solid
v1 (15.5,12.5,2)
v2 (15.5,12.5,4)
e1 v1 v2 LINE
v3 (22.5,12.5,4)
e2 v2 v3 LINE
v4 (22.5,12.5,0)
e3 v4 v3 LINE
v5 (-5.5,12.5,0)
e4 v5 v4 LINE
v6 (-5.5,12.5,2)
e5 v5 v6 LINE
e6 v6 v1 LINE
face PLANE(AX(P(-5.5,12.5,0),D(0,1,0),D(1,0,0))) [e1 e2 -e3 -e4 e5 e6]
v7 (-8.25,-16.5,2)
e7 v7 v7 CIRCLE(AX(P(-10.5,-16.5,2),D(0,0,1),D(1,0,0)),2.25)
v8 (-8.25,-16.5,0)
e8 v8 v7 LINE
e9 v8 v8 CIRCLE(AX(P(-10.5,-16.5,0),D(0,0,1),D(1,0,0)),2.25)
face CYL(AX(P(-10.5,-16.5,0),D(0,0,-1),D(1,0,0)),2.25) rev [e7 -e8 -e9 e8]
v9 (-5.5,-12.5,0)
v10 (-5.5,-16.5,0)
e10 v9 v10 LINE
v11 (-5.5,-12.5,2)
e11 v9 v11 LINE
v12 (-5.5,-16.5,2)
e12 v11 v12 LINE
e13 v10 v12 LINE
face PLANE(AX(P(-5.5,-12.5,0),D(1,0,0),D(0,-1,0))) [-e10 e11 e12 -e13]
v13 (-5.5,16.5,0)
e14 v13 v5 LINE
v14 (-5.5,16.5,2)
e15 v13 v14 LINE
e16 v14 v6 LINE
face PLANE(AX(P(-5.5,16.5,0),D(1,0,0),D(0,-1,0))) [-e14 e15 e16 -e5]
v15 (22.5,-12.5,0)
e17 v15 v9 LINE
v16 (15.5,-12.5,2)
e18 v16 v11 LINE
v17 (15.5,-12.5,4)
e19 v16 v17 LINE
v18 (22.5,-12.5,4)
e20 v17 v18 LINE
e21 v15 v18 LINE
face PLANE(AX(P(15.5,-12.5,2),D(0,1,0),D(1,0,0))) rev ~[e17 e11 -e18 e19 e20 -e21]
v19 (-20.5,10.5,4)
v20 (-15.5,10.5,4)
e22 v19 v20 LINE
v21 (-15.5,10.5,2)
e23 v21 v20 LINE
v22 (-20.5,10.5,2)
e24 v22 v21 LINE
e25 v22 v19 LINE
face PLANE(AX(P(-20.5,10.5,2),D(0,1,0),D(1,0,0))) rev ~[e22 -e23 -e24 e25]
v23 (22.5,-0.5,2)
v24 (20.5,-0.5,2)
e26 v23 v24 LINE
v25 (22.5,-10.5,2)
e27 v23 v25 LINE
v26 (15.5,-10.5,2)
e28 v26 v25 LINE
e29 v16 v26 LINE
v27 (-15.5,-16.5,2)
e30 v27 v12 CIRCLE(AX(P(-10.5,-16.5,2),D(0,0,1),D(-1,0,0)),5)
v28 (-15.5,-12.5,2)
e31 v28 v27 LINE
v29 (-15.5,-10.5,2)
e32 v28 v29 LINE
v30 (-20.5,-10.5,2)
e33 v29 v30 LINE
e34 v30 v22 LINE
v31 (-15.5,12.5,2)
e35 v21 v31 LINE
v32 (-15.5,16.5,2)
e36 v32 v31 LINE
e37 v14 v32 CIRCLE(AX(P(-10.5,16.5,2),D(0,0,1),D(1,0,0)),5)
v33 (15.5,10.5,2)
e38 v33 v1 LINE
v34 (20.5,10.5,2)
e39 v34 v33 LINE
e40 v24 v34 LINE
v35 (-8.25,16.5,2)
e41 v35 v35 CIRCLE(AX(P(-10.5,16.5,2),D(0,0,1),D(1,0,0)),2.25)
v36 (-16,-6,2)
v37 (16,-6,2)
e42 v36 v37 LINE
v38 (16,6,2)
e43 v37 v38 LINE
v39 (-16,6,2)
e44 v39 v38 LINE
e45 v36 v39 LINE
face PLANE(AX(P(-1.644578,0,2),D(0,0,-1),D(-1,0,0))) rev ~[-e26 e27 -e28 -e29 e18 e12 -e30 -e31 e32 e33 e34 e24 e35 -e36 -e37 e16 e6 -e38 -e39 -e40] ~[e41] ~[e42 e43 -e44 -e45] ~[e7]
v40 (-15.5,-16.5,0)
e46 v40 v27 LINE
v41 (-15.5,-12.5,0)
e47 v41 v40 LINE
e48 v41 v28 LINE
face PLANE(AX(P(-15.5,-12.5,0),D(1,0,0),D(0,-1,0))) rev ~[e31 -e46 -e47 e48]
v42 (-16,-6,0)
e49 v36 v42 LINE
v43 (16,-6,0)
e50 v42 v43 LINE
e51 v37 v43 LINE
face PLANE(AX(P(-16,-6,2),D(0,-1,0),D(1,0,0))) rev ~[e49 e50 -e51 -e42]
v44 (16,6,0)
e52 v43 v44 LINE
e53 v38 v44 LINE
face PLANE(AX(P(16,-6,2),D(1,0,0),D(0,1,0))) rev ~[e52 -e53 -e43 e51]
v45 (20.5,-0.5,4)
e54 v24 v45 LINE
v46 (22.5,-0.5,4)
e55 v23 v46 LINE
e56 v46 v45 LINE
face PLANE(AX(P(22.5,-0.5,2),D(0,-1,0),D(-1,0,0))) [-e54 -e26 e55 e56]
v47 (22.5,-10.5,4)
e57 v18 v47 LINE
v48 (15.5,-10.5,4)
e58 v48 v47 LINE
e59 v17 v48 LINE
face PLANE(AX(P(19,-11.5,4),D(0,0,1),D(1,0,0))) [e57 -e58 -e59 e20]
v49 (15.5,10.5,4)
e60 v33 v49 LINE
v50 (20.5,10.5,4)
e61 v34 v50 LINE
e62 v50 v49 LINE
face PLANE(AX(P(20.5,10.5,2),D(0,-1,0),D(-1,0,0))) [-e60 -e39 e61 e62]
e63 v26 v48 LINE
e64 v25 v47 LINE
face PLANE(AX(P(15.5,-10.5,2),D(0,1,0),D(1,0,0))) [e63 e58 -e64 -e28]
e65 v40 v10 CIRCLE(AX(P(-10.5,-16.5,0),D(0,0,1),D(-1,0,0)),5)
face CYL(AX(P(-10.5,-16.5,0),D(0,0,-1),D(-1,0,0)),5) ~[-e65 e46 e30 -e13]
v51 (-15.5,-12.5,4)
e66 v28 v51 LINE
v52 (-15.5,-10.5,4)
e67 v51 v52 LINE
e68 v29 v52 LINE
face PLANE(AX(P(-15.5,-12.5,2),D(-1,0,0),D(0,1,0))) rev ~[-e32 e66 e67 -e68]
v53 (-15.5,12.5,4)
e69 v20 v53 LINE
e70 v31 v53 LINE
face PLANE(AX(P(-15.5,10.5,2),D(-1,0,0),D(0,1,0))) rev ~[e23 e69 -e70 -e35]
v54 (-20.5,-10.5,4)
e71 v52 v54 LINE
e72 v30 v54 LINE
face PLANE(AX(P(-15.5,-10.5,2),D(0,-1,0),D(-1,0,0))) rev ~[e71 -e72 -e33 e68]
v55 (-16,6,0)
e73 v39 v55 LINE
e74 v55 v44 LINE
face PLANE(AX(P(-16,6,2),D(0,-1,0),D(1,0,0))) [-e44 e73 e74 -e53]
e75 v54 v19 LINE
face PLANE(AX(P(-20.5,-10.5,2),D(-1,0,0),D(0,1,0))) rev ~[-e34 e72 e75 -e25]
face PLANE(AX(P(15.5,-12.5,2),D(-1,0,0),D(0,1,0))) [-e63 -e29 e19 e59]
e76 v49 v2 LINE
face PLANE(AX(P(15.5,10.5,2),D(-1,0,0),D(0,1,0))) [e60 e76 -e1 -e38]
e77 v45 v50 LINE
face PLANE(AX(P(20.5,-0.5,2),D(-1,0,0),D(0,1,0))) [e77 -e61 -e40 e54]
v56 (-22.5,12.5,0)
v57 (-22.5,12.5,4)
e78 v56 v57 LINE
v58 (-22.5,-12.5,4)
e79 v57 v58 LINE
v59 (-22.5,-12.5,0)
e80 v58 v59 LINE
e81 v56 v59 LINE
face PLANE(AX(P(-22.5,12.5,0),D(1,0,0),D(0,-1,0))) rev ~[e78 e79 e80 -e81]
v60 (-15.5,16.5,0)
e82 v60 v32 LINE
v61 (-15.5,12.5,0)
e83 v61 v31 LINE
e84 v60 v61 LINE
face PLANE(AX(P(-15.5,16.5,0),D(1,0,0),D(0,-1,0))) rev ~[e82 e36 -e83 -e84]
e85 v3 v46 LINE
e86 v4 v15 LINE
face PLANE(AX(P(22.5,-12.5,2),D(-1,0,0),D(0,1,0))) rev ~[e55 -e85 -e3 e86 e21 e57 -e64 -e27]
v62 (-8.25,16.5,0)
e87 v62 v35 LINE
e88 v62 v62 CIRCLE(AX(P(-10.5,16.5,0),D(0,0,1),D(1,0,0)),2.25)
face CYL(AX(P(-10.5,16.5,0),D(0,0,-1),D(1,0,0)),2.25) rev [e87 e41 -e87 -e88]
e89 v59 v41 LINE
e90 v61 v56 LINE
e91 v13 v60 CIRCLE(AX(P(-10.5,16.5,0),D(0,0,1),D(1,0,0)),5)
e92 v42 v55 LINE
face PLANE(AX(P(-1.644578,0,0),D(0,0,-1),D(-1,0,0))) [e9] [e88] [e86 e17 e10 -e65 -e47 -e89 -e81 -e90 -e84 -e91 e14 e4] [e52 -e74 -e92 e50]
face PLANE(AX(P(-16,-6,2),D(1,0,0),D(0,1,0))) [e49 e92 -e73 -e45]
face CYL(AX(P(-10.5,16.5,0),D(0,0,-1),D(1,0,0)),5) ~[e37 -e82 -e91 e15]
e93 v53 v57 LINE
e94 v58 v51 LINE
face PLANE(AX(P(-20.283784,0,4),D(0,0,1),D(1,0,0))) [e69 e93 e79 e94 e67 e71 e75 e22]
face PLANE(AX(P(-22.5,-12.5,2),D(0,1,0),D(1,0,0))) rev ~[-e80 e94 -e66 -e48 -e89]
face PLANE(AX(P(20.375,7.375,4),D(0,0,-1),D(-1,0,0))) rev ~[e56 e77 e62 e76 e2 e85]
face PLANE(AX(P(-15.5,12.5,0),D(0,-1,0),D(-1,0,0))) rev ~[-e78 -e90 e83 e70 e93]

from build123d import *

# Parameters (mm, degrees)
SKETCH002_R  = 2.25
PAD002_DEPTH = 2
SKETCH003_W  = 7
SKETCH003_H  = 2
PAD003_DEPTH = 2
SKETCH004_W  = 32
SKETCH004_H  = 12
POCKET_DEPTH = 2


with BuildPart() as part:
    # Sketch002 → Pad002 (new body)
    with BuildSketch(Plane.XY):
        with BuildLine():
            Line((22.5, 12.5), (22.5, -12.5))
            Line((22.5, -12.5), (-5.5, -12.5))
            Line((-5.5, -12.5), (-5.5, -16.5))
            ThreePointArc((-15.5, -16.5), (-10.5, -21.5), (-5.5, -16.5))
            Line((-15.5, -12.5), (-15.5, -16.5))
            Line((-22.5, -12.5), (-15.5, -12.5))
            Line((-22.5, 12.5), (-22.5, -12.5))
            Line((-15.5, 12.5), (-22.5, 12.5))
            Line((-15.5, 16.5), (-15.5, 12.5))
            ThreePointArc((-5.5, 16.5), (-10.5, 21.5), (-15.5, 16.5))
            Line((-5.5, 16.5), (-5.5, 12.5))
            Line((-5.5, 12.5), (22.5, 12.5))
        make_face()
        with Locations((-10.5, 16.5)):
            Circle(SKETCH002_R, mode=Mode.SUBTRACT)
        with Locations((-10.5, -16.5)):
            Circle(SKETCH002_R, mode=Mode.SUBTRACT)
    extrude(amount=PAD002_DEPTH)

    # Sketch003 (on Face16 of Pad002) → Pad003 (join)
    with BuildSketch(Plane.XY.offset(2)):
        with Locations((19, -11.5)):
            Rectangle(SKETCH003_W, SKETCH003_H)
        Polygon((20.5, 10.5), (15.5, 10.5), (15.5, 12.5), (22.5, 12.5), (22.5, -0.5), (20.5, -0.5), align=None)
        Polygon((-15.5, 12.5), (-22.5, 12.5), (-22.5, -12.5), (-15.5, -12.5), (-15.5, -10.5), (-20.5, -10.5), (-20.5, 10.5), (-15.5, 10.5), align=None)
    extrude(amount=PAD003_DEPTH)

    # Sketch004 (on Face4 of Pad003) → Pocket (cut)
    with BuildSketch(Plane.XY.offset(2)):
        Rectangle(SKETCH004_W, SKETCH004_H)
    extrude(amount=-POCKET_DEPTH, mode=Mode.SUBTRACT)


solid = part.part
